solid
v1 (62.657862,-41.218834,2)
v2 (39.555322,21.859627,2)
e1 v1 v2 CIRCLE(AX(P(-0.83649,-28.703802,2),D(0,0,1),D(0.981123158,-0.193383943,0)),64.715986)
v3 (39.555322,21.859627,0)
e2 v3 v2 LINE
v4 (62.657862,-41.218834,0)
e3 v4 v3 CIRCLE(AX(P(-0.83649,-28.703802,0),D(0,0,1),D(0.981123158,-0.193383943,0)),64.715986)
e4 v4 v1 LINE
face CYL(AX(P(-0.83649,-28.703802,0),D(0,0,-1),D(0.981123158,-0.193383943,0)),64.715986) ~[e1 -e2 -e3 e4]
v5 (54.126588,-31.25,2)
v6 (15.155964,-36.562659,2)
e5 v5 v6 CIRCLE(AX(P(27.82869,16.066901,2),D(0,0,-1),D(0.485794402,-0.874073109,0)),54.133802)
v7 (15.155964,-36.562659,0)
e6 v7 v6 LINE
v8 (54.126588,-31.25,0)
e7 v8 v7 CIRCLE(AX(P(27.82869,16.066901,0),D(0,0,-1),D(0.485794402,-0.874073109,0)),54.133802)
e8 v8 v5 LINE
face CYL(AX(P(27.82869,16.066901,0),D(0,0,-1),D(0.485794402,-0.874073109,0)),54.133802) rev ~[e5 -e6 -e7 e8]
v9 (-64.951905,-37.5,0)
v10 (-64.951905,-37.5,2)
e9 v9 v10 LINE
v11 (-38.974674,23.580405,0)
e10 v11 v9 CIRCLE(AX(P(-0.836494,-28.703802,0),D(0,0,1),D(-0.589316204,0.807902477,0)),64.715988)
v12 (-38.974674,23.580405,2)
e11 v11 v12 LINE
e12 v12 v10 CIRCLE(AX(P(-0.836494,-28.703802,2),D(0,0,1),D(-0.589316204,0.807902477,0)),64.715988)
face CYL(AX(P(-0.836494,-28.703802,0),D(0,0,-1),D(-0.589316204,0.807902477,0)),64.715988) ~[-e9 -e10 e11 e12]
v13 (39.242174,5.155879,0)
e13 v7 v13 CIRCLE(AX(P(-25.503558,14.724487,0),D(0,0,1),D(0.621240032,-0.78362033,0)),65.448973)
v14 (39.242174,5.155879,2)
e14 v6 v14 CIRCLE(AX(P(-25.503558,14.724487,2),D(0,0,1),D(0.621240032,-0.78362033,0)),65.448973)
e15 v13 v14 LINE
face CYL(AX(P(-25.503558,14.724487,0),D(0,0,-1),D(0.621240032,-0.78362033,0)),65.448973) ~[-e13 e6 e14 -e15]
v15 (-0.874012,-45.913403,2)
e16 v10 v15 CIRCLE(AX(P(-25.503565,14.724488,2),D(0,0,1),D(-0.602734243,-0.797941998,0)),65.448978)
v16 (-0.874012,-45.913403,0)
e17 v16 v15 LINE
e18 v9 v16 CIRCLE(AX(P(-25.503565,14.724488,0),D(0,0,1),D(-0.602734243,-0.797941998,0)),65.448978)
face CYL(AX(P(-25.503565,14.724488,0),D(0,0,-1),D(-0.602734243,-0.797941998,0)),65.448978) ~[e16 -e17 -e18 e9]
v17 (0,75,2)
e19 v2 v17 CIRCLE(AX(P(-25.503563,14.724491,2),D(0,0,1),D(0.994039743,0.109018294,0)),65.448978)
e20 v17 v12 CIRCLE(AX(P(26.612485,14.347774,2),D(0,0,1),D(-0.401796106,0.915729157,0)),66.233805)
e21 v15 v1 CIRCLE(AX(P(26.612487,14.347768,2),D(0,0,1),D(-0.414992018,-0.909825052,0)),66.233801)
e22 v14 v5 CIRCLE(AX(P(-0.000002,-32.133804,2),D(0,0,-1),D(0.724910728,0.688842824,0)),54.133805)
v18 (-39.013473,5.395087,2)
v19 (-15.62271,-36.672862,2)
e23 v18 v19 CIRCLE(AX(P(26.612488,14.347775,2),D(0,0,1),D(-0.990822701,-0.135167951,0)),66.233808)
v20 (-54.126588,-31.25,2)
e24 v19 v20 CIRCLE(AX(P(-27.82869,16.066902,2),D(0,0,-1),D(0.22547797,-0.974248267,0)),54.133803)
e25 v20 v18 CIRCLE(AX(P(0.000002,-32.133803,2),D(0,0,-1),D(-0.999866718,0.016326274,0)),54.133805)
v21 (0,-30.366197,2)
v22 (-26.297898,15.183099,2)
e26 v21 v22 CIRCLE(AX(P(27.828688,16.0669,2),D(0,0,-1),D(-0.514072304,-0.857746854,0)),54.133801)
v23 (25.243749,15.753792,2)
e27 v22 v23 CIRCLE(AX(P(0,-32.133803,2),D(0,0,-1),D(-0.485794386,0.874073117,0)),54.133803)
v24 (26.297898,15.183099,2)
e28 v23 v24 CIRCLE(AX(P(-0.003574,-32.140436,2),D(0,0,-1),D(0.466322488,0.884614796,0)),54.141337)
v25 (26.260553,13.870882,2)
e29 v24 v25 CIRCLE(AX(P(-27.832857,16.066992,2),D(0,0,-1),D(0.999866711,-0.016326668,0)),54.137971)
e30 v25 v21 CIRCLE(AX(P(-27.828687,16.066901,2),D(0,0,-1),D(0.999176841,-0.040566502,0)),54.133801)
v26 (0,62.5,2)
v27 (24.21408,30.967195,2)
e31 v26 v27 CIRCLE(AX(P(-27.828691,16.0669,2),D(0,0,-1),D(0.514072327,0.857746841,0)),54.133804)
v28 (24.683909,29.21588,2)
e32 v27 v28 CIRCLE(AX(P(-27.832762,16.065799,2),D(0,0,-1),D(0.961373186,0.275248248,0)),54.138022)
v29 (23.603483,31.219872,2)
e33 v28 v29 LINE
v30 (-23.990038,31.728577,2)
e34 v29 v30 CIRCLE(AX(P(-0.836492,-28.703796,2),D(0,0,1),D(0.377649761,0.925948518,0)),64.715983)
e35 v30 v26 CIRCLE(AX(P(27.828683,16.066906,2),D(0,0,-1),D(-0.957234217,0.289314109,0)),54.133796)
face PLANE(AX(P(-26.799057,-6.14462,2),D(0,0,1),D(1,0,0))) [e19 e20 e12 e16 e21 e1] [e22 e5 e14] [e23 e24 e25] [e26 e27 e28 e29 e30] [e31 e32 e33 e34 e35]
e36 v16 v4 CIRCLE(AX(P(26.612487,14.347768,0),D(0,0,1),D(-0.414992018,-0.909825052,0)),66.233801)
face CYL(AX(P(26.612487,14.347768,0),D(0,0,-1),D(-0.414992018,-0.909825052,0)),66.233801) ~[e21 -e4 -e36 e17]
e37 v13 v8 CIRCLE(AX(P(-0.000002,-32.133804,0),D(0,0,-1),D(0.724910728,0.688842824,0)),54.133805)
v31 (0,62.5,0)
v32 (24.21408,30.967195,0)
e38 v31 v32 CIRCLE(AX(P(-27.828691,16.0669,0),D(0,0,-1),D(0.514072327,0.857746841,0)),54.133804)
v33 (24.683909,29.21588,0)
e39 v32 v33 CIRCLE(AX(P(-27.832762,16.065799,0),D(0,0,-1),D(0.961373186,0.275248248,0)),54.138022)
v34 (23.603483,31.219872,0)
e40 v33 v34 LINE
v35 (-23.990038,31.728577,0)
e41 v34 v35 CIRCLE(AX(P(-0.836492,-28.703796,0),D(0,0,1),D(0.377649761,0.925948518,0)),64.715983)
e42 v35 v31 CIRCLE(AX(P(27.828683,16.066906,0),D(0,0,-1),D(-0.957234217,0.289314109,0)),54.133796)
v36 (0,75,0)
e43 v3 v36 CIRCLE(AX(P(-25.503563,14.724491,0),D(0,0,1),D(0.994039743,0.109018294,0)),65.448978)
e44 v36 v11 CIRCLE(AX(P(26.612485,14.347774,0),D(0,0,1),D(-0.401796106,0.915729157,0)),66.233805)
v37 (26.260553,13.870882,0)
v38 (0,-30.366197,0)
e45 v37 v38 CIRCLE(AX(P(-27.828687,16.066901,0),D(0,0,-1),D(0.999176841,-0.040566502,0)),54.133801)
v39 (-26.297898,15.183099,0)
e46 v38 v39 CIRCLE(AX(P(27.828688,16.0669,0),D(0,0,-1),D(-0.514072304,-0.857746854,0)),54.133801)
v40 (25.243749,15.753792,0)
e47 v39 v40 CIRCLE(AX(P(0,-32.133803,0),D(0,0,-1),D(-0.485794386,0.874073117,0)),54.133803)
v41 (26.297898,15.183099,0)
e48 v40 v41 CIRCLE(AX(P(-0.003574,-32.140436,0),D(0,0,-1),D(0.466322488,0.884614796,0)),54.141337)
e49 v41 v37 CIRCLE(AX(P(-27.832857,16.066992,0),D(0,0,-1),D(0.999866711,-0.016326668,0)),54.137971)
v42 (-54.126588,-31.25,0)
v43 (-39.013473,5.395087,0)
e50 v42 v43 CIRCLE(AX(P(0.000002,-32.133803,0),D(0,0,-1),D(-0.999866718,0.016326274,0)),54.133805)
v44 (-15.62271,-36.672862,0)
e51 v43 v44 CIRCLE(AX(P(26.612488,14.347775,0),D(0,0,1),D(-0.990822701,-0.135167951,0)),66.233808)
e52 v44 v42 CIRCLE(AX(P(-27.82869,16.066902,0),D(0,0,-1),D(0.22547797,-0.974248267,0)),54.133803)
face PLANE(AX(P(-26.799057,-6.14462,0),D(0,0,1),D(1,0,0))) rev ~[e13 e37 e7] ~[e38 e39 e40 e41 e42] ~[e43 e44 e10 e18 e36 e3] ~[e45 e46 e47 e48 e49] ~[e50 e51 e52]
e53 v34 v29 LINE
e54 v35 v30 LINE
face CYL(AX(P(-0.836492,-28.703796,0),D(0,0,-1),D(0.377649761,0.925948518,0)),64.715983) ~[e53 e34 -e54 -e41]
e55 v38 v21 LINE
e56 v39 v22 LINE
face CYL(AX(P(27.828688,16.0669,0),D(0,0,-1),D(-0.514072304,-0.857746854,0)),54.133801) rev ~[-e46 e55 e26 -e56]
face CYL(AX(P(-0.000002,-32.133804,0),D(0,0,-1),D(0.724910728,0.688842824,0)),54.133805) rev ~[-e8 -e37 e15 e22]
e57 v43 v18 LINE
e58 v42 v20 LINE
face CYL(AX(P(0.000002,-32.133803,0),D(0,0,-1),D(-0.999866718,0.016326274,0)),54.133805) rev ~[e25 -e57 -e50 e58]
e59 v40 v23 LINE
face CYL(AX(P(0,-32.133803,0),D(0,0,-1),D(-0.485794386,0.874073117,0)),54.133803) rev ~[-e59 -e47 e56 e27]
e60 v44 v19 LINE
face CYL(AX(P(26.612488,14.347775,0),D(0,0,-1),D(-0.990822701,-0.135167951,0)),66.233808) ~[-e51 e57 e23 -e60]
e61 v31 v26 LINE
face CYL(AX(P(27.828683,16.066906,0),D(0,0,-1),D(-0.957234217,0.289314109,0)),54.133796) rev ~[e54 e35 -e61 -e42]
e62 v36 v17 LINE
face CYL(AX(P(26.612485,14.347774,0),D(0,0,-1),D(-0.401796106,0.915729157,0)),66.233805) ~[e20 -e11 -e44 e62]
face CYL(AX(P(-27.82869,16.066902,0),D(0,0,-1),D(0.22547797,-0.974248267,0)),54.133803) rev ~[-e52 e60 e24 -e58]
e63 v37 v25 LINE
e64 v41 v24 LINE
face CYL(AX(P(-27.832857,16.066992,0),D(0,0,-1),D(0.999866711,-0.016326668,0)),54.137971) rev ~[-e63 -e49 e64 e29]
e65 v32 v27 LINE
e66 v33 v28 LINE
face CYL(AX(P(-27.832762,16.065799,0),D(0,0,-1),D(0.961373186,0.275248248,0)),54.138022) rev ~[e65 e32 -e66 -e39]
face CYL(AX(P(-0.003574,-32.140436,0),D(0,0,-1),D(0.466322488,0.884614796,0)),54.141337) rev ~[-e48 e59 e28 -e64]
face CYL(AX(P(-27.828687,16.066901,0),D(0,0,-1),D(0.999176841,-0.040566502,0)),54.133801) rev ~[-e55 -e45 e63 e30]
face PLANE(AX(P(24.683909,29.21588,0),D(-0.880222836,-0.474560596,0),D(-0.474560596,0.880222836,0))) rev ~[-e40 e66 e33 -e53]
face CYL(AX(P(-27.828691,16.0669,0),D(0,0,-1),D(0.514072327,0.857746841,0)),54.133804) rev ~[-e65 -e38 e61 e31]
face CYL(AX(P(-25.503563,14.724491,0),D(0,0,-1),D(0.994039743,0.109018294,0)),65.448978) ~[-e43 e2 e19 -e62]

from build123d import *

# Parameters (mm, degrees)
F1_DEPTH = 2


with BuildPart() as f1:
    # F0 (on Top) → F1 (new body)
    with BuildSketch(Plane.XY):
        with BuildLine():
            ThreePointArc((-38.974674, 23.580405), (-60.390278, -3.375836), (-64.951905, -37.5))
            ThreePointArc((-64.951905, -37.5), (-34.023862, -50.167524), (-0.874012, -45.913403))
            ThreePointArc((-0.874012, -45.913403), (-8.553201, -41.779684), (-15.62271, -36.672862))
            ThreePointArc((-15.62271, -36.672862), (-35.378352, -37.537867), (-54.126588, -31.25))
            ThreePointArc((-54.126588, -31.25), (-50.044813, -11.494391), (-39.013473, 5.395087))
            ThreePointArc((-39.013473, 5.395087), (-33.020374, 10.762858), (-26.297898, 15.183099))
            ThreePointArc((-26.297898, 15.183099), (-0.599358, 21.996682), (25.243749, 15.753792))
            ThreePointArc((25.243749, 15.753792), (25.772403, 15.471363), (26.297898, 15.183099))
            ThreePointArc((26.297898, 15.183099), (25.95057, 22.252358), (24.683909, 29.21588))
            Line((24.683909, 29.21588), (23.603483, 31.219872))
            ThreePointArc((23.603483, 31.219872), (-0.144813, 36.00849), (-23.990038, 31.728577))
            ThreePointArc((-23.990038, 31.728577), (-31.751976, 28.150327), (-38.974674, 23.580405))
        make_face()
        with BuildLine():
            ThreePointArc((39.555322, 21.859627), (26.997523, 53.803957), (0, 75))
            ThreePointArc((0, 75), (-26.171862, 54.356893), (-38.974674, 23.580405))
            ThreePointArc((-38.974674, 23.580405), (-31.751976, 28.150327), (-23.990038, 31.728577))
            ThreePointArc((-23.990038, 31.728577), (-14.863791, 49.350843), (0, 62.5))
            ThreePointArc((0, 62.5), (15.106633, 49.036989), (24.21408, 30.967195))
            ThreePointArc((24.21408, 30.967195), (24.456327, 30.093505), (24.683909, 29.21588))
            ThreePointArc((24.683909, 29.21588), (25.95057, 22.252358), (26.297898, 15.183099))
            ThreePointArc((26.297898, 15.183099), (26.283203, 14.526877), (26.260553, 13.870882))
            ThreePointArc((26.260553, 13.870882), (18.720926, -11.566447), (0, -30.366197))
            ThreePointArc((0, -30.366197), (7.342348, -34.040767), (15.155964, -36.562659))
            ThreePointArc((15.155964, -36.562659), (31.176915, -18), (39.242174, 5.155879))
            ThreePointArc((39.242174, 5.155879), (39.933917, 13.49772), (39.555322, 21.859627))
        make_face()
        with BuildLine():
            ThreePointArc((-0.874012, -45.913403), (31.493402, -51.705945), (62.657862, -41.218834))
            ThreePointArc((62.657862, -41.218834), (59.931979, -6.447298), (39.555322, 21.859627))
            ThreePointArc((39.555322, 21.859627), (39.933917, 13.49772), (39.242174, 5.155879))
            ThreePointArc((39.242174, 5.155879), (50.107668, -11.647461), (54.126588, -31.25))
            ThreePointArc((54.126588, -31.25), (35.140832, -37.570783), (15.155964, -36.562659))
            ThreePointArc((15.155964, -36.562659), (7.342348, -34.040767), (0, -30.366197))
            ThreePointArc((0, -30.366197), (-19.052559, -11), (-26.297898, 15.183099))
            ThreePointArc((-26.297898, 15.183099), (-33.020374, 10.762858), (-39.013473, 5.395087))
            ThreePointArc((-39.013473, 5.395087), (-31.274777, -17.838898), (-15.62271, -36.672862))
            ThreePointArc((-15.62271, -36.672862), (-8.553201, -41.779684), (-0.874012, -45.913403))
        make_face()
    extrude(amount=F1_DEPTH)


solid = f1.part
